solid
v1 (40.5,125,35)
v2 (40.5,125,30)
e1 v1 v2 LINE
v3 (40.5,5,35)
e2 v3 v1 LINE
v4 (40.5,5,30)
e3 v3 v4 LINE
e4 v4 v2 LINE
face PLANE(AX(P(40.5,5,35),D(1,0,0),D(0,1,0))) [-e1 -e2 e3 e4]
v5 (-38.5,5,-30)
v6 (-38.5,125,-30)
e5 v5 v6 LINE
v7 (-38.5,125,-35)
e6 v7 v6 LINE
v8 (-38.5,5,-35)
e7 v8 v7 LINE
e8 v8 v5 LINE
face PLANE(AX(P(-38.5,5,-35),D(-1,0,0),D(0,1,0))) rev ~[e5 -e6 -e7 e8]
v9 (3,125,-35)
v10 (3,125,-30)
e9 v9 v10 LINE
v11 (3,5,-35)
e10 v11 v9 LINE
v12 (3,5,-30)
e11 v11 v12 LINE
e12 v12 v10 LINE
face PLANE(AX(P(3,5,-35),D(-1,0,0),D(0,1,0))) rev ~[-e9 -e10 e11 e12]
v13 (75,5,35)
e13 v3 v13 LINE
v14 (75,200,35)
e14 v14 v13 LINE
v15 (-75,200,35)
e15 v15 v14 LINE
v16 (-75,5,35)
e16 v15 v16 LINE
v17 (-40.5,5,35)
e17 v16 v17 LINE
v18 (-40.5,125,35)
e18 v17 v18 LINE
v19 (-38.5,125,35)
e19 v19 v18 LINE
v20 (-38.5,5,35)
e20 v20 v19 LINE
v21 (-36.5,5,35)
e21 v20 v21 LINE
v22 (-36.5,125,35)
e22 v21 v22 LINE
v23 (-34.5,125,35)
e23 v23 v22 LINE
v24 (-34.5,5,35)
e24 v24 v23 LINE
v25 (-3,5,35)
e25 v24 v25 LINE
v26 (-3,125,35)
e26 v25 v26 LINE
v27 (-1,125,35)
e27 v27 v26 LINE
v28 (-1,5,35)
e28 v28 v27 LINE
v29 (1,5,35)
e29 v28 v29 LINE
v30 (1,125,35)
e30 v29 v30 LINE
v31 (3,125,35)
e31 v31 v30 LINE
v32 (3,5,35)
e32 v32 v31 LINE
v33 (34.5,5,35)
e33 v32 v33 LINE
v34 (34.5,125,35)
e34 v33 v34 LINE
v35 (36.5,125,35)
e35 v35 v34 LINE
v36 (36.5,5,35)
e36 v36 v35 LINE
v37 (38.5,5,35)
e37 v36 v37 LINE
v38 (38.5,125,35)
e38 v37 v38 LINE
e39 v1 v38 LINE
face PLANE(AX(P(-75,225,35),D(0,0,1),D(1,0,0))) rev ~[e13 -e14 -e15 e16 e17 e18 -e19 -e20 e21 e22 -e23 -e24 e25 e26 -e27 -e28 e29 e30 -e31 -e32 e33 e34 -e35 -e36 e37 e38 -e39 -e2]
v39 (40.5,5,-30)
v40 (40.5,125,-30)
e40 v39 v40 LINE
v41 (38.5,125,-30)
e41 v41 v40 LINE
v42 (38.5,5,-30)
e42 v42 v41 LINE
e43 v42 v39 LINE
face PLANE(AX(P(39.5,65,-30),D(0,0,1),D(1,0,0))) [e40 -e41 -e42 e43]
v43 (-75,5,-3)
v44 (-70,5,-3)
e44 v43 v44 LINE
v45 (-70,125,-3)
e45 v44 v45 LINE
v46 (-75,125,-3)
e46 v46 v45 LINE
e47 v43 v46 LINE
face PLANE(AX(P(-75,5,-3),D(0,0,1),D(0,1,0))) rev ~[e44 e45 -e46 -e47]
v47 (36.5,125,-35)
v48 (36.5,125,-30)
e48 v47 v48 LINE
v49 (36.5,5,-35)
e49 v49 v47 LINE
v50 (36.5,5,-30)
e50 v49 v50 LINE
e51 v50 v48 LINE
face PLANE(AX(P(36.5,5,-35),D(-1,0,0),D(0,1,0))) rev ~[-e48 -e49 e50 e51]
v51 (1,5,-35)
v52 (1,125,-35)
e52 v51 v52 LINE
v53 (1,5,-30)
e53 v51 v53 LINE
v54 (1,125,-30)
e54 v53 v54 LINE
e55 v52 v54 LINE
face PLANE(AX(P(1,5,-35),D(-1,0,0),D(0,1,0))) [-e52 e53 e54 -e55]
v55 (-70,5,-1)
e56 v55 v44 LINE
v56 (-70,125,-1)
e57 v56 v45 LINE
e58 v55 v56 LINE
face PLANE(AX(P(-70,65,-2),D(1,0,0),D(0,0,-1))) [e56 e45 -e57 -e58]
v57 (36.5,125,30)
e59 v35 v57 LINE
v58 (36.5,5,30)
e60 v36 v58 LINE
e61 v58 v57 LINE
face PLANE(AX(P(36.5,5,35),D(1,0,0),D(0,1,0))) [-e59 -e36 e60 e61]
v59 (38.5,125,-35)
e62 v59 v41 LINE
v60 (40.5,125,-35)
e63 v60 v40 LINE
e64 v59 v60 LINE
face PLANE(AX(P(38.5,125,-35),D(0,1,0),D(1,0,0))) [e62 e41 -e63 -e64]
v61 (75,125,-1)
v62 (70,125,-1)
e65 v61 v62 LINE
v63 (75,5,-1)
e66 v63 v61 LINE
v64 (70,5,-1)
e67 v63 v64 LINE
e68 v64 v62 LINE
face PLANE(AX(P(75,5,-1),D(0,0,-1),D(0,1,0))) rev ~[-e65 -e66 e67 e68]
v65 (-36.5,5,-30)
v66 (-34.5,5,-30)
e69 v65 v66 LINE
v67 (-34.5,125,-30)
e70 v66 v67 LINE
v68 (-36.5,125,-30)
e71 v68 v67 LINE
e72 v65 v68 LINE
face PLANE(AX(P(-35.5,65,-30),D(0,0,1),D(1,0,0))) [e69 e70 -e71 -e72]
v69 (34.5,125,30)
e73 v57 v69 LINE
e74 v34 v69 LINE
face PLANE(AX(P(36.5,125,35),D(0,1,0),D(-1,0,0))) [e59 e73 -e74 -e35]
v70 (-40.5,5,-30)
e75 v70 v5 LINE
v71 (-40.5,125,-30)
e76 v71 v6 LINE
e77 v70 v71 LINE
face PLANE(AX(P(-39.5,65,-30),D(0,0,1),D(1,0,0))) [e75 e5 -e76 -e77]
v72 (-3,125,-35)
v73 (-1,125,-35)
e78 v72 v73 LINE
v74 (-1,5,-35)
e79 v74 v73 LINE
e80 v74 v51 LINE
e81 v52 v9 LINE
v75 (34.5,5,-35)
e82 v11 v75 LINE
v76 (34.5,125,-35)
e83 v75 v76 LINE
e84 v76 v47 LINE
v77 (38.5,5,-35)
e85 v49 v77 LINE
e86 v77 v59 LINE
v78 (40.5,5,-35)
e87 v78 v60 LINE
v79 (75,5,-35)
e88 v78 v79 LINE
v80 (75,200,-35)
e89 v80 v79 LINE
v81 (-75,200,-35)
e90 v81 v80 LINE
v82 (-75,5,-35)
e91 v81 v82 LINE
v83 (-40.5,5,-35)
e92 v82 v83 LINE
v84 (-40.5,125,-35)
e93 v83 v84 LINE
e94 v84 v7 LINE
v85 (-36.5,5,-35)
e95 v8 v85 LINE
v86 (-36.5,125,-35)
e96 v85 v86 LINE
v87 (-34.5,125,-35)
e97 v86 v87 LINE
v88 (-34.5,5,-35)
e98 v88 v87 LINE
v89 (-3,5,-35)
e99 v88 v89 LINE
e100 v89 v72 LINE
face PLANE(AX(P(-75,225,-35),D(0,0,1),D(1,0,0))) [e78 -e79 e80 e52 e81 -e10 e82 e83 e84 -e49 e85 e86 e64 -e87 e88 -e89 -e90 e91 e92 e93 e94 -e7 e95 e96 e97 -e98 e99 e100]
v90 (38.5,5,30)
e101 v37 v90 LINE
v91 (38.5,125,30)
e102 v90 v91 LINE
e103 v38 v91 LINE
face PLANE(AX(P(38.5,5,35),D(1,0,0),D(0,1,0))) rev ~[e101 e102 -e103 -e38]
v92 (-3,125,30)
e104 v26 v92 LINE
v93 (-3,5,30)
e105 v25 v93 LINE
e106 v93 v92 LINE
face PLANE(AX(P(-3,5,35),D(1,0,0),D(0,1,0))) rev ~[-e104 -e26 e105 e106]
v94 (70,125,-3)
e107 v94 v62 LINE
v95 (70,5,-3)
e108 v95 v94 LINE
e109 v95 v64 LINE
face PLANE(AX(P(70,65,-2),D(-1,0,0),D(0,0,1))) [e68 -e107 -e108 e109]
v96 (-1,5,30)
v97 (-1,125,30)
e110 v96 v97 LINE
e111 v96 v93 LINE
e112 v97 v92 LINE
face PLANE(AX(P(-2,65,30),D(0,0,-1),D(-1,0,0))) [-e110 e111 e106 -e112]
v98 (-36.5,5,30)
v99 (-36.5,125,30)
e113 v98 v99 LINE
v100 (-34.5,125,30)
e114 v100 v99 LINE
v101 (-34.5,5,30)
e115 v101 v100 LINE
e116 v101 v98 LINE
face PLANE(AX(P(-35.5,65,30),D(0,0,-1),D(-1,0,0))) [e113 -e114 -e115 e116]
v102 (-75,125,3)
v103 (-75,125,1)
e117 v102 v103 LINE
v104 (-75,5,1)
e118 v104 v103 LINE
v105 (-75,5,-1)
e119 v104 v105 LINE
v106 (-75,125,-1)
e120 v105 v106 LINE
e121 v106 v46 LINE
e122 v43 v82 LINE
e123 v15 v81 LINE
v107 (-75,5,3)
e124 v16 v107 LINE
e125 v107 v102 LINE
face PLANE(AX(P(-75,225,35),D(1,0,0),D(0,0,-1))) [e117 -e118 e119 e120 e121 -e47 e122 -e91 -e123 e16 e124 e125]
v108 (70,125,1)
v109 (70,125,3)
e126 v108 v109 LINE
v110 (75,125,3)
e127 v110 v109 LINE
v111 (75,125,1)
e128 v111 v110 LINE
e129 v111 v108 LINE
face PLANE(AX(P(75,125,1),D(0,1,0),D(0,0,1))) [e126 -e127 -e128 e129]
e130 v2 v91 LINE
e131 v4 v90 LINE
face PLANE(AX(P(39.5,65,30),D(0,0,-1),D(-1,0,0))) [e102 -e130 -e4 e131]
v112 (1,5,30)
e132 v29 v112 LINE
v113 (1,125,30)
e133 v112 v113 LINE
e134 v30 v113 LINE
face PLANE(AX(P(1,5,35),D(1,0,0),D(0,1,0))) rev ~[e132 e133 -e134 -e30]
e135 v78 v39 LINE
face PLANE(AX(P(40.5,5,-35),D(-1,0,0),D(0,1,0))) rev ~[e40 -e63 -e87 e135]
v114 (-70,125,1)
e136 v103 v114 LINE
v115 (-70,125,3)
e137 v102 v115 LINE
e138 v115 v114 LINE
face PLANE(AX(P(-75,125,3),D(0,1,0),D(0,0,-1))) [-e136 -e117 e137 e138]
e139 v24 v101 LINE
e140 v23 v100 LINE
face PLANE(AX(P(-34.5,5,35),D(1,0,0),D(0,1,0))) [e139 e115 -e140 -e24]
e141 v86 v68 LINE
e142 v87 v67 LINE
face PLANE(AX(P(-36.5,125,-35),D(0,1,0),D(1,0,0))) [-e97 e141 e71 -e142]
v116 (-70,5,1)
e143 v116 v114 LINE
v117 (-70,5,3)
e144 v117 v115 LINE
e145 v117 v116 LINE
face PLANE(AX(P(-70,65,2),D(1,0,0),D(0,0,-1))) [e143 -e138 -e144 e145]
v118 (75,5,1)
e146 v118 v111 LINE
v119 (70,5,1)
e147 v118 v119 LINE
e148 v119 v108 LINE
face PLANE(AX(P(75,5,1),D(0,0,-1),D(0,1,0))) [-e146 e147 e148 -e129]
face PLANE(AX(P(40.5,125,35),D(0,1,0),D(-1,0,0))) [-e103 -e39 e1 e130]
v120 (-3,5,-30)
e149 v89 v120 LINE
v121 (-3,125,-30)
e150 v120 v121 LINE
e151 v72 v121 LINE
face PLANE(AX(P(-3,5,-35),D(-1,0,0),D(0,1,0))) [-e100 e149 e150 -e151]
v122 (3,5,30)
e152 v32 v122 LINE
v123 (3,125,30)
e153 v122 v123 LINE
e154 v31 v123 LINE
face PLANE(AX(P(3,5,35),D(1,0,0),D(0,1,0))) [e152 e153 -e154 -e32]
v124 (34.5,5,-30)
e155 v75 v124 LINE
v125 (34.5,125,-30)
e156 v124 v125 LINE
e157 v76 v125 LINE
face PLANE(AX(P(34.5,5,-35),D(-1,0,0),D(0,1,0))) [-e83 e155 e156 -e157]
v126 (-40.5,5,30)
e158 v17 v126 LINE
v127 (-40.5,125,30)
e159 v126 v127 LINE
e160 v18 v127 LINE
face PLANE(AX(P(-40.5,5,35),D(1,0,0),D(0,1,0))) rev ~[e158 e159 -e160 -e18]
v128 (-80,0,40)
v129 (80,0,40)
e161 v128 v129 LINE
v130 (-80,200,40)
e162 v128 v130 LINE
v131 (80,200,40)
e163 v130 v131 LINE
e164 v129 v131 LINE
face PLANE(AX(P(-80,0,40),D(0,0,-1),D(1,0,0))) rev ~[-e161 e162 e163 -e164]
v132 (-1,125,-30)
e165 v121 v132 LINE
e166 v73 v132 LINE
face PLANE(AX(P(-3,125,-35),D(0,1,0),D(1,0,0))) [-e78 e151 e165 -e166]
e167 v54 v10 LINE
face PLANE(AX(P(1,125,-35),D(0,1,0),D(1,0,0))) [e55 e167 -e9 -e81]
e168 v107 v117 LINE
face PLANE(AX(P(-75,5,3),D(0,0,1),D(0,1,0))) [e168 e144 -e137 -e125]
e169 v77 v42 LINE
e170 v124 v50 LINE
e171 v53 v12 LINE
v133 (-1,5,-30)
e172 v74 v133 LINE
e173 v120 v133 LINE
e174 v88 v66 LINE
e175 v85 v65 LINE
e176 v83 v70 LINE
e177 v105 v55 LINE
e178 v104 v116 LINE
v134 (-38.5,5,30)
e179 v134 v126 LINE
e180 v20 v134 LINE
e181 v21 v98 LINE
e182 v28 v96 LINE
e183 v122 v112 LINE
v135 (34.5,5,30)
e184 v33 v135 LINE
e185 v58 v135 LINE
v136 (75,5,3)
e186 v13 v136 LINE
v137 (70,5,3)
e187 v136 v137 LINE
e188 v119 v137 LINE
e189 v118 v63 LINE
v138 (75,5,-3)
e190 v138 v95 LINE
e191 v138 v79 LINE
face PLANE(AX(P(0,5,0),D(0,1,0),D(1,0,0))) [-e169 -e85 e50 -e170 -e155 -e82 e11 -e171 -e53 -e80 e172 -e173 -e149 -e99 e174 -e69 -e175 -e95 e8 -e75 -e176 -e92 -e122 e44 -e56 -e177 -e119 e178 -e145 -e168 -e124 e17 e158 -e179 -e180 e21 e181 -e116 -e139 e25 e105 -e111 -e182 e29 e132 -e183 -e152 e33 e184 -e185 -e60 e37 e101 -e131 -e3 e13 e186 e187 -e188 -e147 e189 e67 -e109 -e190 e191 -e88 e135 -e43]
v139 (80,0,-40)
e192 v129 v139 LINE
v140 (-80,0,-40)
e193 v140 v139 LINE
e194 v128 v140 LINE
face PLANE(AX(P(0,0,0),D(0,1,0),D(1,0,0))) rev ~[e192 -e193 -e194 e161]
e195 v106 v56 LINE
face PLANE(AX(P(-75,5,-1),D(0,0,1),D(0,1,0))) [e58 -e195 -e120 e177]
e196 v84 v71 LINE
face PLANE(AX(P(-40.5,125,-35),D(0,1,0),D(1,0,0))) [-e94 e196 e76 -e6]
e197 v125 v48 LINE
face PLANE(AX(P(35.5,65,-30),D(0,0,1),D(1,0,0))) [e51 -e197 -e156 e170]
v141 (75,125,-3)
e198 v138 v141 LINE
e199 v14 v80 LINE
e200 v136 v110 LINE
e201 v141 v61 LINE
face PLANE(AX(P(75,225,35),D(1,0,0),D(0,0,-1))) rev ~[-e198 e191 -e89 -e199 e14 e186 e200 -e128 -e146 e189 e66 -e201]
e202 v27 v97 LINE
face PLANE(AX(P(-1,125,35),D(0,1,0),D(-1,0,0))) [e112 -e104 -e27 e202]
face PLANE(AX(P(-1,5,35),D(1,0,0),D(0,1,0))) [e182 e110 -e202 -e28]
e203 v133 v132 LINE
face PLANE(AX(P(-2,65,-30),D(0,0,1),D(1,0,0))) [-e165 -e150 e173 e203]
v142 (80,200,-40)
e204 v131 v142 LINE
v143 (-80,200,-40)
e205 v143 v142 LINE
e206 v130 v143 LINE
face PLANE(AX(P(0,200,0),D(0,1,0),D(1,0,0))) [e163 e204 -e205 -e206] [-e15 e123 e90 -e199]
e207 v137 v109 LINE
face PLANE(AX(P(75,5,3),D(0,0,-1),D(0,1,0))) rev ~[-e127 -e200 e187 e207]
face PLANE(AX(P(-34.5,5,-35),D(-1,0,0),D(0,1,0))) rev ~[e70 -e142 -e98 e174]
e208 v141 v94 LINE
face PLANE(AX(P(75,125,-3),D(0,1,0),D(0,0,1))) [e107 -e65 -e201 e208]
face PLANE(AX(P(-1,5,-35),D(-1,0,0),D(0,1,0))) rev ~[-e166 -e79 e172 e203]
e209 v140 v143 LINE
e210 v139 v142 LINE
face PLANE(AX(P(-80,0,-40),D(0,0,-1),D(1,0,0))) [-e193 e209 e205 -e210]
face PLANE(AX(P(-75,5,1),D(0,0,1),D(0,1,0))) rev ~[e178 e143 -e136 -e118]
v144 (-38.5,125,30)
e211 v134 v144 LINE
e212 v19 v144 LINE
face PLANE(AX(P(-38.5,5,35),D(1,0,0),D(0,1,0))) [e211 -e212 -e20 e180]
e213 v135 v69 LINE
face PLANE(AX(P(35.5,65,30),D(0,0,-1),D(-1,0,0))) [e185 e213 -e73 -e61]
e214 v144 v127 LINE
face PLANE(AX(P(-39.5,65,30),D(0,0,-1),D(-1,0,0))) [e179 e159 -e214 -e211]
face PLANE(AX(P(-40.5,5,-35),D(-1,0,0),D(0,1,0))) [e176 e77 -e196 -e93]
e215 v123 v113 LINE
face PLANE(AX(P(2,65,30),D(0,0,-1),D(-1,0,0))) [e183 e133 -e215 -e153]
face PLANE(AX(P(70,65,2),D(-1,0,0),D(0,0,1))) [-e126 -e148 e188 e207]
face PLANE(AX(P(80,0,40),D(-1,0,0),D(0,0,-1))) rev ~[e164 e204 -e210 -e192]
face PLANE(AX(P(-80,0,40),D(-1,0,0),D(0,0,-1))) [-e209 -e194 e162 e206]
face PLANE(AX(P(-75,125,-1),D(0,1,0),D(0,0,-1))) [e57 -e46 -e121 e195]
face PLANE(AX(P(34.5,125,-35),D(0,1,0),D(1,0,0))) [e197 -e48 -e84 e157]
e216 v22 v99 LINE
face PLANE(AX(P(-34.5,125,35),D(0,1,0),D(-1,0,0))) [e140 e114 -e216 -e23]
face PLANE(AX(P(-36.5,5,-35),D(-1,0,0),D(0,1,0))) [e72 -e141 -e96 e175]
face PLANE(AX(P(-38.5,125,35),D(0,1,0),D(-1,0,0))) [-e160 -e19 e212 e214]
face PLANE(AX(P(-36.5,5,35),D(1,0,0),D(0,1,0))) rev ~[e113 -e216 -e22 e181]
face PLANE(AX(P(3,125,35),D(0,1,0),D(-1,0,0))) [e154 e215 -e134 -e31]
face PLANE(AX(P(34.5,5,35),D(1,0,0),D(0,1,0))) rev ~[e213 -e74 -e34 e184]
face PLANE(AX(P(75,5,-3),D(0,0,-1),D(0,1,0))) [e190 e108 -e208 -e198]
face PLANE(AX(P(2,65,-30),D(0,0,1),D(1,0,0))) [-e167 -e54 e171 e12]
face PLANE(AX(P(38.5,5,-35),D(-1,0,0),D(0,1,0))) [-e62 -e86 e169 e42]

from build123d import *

# Parameters (mm, degrees)
SKETCH1_W           = 160
SKETCH1_H           = 80
BOSS_EXTRUDE1_DEPTH = 225
SKETCH2_W           = 150
SKETCH2_H           = 70
CUT_EXTRUDE1_DEPTH  = 220
SKETCH7_W           = 2
SKETCH7_H           = 120
BOSS_EXTRUDE2_DEPTH = 5
SKETCH8_W           = 2
SKETCH8_H           = 120
BOSS_EXTRUDE3_DEPTH = 5
SKETCH9_W           = 2
SKETCH9_H           = 120
BOSS_EXTRUDE4_DEPTH = 5
SKETCH10_W          = 2
SKETCH10_H          = 120
BOSS_EXTRUDE5_DEPTH = 5
SKETCH11_W          = 160
SKETCH11_H          = 80
SKETCH11_W_2        = 150
SKETCH11_H_2        = 70
CUT_EXTRUDE2_DEPTH  = 25


with BuildPart() as part:
    # Sketch1 → Boss-Extrude1 (new body)
    with BuildSketch(Plane(origin=(0, 0, 0), x_dir=(1, 0, 0), z_dir=(0, 1, 0))):
        Rectangle(SKETCH1_W, SKETCH1_H)
    extrude(amount=BOSS_EXTRUDE1_DEPTH)

    # Sketch2 → Cut-Extrude1 (cut)
    with BuildSketch(Plane(origin=(0, 225, 0), x_dir=(1, 0, 0), z_dir=(0, 1, 0))):
        Rectangle(SKETCH2_W, SKETCH2_H)
    extrude(amount=-CUT_EXTRUDE1_DEPTH, mode=Mode.SUBTRACT)

    # Sketch7 → Boss-Extrude2 (add)
    with BuildSketch(Plane(origin=(0, 0, 35), x_dir=(-1, 0, 0), z_dir=(0, 0, -1))):
        with Locations((-39.5, 65)):
            Rectangle(SKETCH7_W, SKETCH7_H)
        with Locations((-35.5, 65)):
            Rectangle(SKETCH7_W, SKETCH7_H)
        with Locations((-2, 65)):
            Rectangle(SKETCH7_W, SKETCH7_H)
        with Locations((2, 65)):
            Rectangle(SKETCH7_W, SKETCH7_H)
        with Locations((35.5, 65)):
            Rectangle(SKETCH7_W, SKETCH7_H)
        with Locations((39.5, 65)):
            Rectangle(SKETCH7_W, SKETCH7_H)
    extrude(amount=BOSS_EXTRUDE2_DEPTH)

    # Sketch8 → Boss-Extrude3 (add)
    with BuildSketch(Plane.XY.offset(-35)):
        with Locations((-39.5, 65)):
            Rectangle(SKETCH8_W, SKETCH8_H)
        with Locations((-35.5, 65)):
            Rectangle(SKETCH8_W, SKETCH8_H)
        with Locations((-2, 65)):
            Rectangle(SKETCH8_W, SKETCH8_H)
        with Locations((2, 65)):
            Rectangle(SKETCH8_W, SKETCH8_H)
        with Locations((35.5, 65)):
            Rectangle(SKETCH8_W, SKETCH8_H)
        with Locations((39.5, 65)):
            Rectangle(SKETCH8_W, SKETCH8_H)
    extrude(amount=BOSS_EXTRUDE3_DEPTH)

    # Sketch9 → Boss-Extrude4 (add)
    with BuildSketch(Plane(origin=(-75, 0, 0), x_dir=(0, 0, -1), z_dir=(1, 0, 0))):
        with Locations((-2, 65)):
            Rectangle(SKETCH9_W, SKETCH9_H)
        with Locations((2, 65)):
            Rectangle(SKETCH9_W, SKETCH9_H)
    extrude(amount=BOSS_EXTRUDE4_DEPTH)

    # Sketch10 → Boss-Extrude5 (add)
    with BuildSketch(Plane.ZY.offset(-75)):
        with Locations((-2, 65)):
            Rectangle(SKETCH10_W, SKETCH10_H)
        with Locations((2, 65)):
            Rectangle(SKETCH10_W, SKETCH10_H)
    extrude(amount=BOSS_EXTRUDE5_DEPTH)

    # Sketch11 → Cut-Extrude2 (cut)
    with BuildSketch(Plane(origin=(0, 225, 0), x_dir=(1, 0, 0), z_dir=(0, 1, 0))):
        Rectangle(SKETCH11_W, SKETCH11_H)
        Rectangle(SKETCH11_W_2, SKETCH11_H_2, mode=Mode.SUBTRACT)
    extrude(amount=-CUT_EXTRUDE2_DEPTH, mode=Mode.SUBTRACT)


solid = part.part
